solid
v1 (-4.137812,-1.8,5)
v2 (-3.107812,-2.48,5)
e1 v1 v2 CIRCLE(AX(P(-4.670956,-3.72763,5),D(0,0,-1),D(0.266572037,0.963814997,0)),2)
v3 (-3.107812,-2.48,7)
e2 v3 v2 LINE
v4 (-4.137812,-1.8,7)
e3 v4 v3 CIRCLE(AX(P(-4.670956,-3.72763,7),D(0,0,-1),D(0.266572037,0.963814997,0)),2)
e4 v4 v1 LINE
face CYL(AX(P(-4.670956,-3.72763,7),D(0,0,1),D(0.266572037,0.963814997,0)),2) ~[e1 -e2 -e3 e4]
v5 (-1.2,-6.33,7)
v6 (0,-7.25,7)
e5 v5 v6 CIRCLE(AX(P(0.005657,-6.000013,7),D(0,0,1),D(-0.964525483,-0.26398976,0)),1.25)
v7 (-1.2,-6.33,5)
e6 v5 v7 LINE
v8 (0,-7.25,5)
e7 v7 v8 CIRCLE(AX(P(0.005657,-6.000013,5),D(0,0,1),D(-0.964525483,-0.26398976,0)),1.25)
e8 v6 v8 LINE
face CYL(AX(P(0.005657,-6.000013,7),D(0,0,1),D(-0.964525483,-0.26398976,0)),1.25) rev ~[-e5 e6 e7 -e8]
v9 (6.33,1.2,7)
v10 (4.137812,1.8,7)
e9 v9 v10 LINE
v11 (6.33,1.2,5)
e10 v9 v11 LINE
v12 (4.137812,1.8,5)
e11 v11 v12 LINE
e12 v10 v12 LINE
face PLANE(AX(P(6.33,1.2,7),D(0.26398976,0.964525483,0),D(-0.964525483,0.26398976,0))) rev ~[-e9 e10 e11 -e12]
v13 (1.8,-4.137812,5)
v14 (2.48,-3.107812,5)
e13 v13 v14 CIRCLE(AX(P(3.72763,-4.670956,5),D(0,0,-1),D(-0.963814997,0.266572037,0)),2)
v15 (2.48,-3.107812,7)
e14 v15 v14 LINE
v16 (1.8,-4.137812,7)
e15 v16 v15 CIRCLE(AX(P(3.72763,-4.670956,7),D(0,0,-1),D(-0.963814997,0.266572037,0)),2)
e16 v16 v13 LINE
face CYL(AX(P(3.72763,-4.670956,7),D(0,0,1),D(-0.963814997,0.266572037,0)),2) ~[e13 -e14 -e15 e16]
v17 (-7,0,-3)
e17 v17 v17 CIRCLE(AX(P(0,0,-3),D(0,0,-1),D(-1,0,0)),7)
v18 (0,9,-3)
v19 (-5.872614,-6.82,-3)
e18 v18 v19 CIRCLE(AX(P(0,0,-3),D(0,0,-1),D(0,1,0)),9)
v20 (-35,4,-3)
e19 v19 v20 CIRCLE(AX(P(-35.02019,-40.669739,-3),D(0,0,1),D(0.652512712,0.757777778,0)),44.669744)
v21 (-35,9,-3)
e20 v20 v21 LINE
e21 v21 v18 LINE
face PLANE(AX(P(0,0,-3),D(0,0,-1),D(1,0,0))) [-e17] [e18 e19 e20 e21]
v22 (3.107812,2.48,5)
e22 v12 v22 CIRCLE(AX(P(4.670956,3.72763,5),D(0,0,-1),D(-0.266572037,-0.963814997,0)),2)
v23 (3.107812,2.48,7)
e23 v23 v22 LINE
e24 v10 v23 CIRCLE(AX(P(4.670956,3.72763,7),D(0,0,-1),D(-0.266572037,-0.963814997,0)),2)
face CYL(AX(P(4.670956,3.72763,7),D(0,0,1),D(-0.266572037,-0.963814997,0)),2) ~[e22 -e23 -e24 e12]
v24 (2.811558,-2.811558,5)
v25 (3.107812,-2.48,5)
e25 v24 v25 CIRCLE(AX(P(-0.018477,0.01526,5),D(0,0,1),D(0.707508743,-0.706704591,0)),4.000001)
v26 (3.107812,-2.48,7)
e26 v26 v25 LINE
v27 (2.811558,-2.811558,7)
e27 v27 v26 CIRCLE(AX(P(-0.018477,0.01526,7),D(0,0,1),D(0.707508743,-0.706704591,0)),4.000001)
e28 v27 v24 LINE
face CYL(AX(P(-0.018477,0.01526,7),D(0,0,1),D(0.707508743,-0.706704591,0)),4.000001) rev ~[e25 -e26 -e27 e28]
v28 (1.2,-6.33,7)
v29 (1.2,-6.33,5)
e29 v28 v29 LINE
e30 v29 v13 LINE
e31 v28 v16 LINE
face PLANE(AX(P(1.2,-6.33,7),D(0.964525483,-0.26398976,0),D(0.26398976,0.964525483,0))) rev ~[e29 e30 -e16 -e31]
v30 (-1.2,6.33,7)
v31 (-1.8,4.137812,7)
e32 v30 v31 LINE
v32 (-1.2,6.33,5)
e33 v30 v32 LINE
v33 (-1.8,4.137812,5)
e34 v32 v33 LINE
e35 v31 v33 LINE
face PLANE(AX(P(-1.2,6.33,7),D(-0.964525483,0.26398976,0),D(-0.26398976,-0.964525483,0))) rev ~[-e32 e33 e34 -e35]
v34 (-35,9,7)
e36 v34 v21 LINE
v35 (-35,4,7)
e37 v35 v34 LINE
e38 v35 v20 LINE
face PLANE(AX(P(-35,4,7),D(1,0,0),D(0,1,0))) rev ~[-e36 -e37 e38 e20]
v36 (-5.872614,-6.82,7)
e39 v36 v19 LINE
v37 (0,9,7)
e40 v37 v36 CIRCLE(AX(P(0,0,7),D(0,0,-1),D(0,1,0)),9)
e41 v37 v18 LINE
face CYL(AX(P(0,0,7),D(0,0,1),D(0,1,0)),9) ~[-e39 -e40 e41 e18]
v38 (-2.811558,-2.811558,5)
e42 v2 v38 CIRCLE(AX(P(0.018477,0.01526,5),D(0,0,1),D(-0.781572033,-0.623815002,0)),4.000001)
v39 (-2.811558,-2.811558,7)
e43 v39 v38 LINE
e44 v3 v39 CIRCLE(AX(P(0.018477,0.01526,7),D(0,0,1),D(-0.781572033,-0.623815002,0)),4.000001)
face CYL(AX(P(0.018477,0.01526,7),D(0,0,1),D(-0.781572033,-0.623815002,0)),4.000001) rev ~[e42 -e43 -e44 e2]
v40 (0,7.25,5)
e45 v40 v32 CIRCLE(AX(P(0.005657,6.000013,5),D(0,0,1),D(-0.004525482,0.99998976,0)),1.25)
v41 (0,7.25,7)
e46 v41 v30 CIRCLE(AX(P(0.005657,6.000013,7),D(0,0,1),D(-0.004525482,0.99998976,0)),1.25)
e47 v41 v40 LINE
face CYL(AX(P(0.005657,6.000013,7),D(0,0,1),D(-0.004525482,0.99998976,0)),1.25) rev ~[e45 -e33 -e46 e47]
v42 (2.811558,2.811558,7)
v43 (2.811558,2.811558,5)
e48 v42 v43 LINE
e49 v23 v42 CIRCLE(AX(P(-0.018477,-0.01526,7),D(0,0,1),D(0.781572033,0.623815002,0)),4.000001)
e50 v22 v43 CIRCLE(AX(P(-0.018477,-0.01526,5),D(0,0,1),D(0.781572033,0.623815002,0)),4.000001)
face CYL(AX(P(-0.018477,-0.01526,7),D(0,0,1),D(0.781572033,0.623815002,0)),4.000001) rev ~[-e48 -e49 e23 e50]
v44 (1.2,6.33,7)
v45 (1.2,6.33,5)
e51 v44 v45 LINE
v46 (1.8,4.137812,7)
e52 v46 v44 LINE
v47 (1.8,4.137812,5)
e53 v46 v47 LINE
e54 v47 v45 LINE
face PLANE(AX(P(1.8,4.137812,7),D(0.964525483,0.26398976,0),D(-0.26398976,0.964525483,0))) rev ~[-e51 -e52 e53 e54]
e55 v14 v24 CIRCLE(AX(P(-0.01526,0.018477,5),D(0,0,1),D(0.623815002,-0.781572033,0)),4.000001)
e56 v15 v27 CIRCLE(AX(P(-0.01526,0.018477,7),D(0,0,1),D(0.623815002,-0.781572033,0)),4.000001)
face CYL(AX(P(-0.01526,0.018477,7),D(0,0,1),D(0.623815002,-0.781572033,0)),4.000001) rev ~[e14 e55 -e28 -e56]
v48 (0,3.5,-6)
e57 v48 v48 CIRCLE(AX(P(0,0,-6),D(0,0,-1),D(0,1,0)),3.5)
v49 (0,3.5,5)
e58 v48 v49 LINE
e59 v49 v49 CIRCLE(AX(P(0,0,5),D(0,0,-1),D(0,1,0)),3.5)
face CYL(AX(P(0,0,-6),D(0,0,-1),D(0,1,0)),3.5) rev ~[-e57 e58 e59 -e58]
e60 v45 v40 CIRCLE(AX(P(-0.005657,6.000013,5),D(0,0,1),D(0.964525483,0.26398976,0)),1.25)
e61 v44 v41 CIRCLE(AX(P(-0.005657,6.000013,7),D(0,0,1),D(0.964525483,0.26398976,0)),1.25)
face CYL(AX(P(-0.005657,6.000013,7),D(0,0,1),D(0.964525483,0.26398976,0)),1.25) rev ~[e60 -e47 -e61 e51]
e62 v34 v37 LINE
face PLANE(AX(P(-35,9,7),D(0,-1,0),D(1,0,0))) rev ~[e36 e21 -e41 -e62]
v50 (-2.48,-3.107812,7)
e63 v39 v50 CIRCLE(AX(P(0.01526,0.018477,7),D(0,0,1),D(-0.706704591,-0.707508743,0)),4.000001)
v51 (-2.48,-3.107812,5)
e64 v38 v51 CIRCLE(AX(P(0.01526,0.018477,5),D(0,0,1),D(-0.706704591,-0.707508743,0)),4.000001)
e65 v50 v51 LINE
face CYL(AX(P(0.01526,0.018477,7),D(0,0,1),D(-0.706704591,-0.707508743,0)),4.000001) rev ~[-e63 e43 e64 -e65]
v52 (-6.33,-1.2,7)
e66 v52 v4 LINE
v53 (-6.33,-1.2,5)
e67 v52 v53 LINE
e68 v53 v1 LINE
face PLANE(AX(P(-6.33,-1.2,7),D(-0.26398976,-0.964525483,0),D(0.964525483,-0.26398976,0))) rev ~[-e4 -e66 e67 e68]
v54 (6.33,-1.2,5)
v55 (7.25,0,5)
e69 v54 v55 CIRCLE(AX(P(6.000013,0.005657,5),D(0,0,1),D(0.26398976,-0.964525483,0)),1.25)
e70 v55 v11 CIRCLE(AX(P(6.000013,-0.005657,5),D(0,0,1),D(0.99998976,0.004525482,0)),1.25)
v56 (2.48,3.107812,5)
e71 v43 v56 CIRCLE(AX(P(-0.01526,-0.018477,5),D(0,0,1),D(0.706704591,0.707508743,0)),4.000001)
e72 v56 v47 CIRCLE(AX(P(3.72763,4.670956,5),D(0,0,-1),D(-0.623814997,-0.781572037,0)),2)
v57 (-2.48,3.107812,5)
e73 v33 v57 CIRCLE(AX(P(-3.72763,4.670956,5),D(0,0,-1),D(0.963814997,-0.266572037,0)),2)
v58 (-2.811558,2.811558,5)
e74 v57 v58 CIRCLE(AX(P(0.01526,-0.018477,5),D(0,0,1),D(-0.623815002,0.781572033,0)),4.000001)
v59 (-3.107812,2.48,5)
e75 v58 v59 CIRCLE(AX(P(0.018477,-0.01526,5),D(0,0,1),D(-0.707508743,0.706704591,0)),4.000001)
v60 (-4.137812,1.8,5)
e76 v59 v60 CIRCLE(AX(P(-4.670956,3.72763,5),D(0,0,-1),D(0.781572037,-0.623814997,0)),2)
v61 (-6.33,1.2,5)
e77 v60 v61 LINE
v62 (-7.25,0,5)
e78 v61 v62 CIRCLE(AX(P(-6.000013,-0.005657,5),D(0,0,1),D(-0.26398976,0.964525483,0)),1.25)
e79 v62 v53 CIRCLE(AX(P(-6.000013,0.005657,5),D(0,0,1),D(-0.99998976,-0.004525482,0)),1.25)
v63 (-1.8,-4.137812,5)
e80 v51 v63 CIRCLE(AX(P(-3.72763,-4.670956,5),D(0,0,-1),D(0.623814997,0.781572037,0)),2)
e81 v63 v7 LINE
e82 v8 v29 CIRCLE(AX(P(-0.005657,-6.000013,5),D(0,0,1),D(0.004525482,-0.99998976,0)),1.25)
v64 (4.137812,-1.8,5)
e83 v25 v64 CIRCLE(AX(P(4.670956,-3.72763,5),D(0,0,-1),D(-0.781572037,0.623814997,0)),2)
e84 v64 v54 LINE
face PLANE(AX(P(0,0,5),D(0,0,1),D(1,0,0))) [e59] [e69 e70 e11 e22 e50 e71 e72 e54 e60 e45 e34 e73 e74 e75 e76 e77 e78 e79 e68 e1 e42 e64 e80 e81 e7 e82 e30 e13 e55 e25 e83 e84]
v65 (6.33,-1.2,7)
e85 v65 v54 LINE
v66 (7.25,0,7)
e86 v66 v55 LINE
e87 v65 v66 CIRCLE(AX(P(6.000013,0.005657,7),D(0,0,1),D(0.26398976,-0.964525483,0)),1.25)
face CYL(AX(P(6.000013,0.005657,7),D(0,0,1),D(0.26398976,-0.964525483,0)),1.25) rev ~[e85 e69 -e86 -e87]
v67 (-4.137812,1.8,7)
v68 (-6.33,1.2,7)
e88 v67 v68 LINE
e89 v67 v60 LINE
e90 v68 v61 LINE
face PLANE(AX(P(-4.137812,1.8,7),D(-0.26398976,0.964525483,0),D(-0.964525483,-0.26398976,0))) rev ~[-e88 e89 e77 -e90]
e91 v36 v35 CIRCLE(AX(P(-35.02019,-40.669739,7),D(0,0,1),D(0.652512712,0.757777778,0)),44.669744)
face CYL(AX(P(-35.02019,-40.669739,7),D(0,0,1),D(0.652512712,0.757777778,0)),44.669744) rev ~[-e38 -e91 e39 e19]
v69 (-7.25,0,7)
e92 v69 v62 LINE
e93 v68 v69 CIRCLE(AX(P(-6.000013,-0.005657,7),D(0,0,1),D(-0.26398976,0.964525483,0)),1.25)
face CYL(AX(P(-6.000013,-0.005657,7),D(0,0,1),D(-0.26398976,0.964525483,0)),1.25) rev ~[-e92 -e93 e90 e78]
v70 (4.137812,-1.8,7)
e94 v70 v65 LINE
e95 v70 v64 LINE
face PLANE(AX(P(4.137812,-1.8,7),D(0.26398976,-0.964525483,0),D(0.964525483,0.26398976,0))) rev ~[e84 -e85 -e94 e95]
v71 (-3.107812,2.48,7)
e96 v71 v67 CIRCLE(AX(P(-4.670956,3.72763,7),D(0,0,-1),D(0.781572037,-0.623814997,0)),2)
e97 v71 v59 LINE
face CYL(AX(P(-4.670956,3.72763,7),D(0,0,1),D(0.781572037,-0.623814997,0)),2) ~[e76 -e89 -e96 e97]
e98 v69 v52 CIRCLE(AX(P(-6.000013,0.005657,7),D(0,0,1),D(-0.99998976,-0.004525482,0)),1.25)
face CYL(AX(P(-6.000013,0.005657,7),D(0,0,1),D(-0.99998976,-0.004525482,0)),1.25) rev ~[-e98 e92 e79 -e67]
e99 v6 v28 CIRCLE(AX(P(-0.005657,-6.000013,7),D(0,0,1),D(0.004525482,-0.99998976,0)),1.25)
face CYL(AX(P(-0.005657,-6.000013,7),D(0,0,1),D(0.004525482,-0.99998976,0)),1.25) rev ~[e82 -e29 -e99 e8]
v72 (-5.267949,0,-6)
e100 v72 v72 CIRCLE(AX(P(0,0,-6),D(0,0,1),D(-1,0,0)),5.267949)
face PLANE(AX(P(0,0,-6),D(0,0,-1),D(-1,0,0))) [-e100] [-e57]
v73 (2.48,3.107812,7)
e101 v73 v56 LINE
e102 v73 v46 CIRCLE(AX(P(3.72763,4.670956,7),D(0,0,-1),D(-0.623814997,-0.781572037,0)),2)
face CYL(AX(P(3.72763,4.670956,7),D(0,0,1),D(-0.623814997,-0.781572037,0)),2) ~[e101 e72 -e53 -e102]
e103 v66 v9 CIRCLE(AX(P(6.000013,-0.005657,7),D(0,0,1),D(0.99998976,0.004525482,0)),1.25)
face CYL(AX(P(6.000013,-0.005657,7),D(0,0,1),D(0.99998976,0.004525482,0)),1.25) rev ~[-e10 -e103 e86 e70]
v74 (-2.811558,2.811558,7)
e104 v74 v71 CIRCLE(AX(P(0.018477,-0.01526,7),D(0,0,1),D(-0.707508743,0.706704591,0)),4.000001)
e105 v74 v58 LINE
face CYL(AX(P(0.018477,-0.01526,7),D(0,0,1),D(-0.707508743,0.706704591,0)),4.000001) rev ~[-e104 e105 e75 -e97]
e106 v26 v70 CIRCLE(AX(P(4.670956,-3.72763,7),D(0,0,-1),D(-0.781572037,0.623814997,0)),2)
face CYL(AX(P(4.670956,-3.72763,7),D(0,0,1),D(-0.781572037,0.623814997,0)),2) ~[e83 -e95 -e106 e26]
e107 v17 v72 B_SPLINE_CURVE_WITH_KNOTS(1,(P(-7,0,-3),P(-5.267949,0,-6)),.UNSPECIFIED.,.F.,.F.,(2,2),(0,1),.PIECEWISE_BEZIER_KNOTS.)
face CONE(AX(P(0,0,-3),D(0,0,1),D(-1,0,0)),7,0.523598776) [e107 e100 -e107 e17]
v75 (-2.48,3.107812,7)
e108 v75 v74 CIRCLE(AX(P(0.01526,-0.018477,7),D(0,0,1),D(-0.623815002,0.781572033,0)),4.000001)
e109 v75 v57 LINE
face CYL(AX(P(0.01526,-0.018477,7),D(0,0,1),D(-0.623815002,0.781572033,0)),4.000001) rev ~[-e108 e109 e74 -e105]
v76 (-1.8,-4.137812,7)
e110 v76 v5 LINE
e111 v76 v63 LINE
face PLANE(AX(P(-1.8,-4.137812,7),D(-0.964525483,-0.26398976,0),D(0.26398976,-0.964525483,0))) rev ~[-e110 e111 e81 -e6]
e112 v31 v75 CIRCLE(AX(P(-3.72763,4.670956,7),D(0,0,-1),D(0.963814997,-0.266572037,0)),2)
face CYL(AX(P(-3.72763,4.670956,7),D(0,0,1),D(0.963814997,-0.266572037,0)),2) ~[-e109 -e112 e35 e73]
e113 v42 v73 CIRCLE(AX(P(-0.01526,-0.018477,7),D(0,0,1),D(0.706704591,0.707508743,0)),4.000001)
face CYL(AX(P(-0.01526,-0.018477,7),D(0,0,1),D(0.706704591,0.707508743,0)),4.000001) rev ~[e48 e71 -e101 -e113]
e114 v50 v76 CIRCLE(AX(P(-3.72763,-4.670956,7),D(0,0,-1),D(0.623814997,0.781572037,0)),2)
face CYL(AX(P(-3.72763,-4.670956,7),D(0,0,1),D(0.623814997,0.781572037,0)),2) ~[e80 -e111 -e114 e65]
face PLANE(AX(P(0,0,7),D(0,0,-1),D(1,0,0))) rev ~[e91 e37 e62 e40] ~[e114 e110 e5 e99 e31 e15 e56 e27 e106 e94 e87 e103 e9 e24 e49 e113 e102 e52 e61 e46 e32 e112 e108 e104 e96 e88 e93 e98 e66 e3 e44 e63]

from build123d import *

# Parameters (mm, degrees)
SKETCH1_R             = 9
BOSS_EXTRUDE1_DEPTH   = 10
BODY_MOVE_COPY1_ANGLE = 180
CUT_EXTRUDE5_DEPTH    = 2
SKETCH19_R            = 7
BOSS_EXTRUDE12_DEPTH  = 3
BOSS_EXTRUDE12_TAPER  = 30
SKETCH20_R            = 3.5
CUT_EXTRUDE6_DEPTH    = 39.405728739


with BuildPart() as part:
    # Sketch1 → Boss-Extrude1 (new body)
    with BuildSketch(Plane.XY):
        Circle(SKETCH1_R)
        with BuildLine():
            Line((-35, -9), (0, -9))
            ThreePointArc((0, -9), (-8.437416666, -3.132091953), (-5.872614409, 6.82))
            ThreePointArc((-5.872614409, 6.82), (-19.465199243, -1.204217751), (-35, -4))
            Line((-35, -4), (-35, -9))
        make_face()
    extrude(amount=BOSS_EXTRUDE1_DEPTH)


with BuildPart() as part_1:
    # Body-Move/Copy1: moved
    add(part.part.rotate(Axis((0, 0, 3.5), (1, 0, 0)), BODY_MOVE_COPY1_ANGLE))

    # Sketch18 → Cut-Extrude5 (cut)
    with BuildSketch(Plane.XY.offset(7)):
        with BuildLine():
            Line((1.2, -6.33), (1.8, -4.1378116))
            ThreePointArc((1.8, -4.1378116), (2.058560194, -3.569045514), (2.48, -3.1078116))
            ThreePointArc((2.48, -3.1078116), (2.64989874, -2.964295475), (2.811558399, -2.811558399))
            ThreePointArc((2.811558399, -2.811558399), (2.964295475, -2.64989874), (3.1078116, -2.48))
            ThreePointArc((3.1078116, -2.48), (3.569045514, -2.058560194), (4.1378116, -1.8))
            Line((4.1378116, -1.8), (6.33, -1.2))
            ThreePointArc((6.33, -1.2), (6.992020752, -0.754882576), (7.25, 0))
            ThreePointArc((7.25, 0), (6.992020752, 0.754882576), (6.33, 1.2))
            Line((6.33, 1.2), (4.1378116, 1.8))
            ThreePointArc((4.1378116, 1.8), (3.569045514, 2.058560194), (3.1078116, 2.48))
            ThreePointArc((3.1078116, 2.48), (2.964295475, 2.64989874), (2.811558399, 2.811558399))
            ThreePointArc((2.811558399, 2.811558399), (2.64989874, 2.964295475), (2.48, 3.1078116))
            ThreePointArc((2.48, 3.1078116), (2.058560194, 3.569045514), (1.8, 4.1378116))
            Line((1.8, 4.1378116), (1.2, 6.33))
            ThreePointArc((1.2, 6.33), (0.754882576, 6.992020752), (0, 7.25))
            ThreePointArc((0, 7.25), (-0.754882576, 6.992020752), (-1.2, 6.33))
            Line((-1.2, 6.33), (-1.8, 4.1378116))
            ThreePointArc((-1.8, 4.1378116), (-2.058560194, 3.569045514), (-2.48, 3.1078116))
            ThreePointArc((-2.48, 3.1078116), (-2.64989874, 2.964295475), (-2.811558399, 2.811558399))
            ThreePointArc((-2.811558399, 2.811558399), (-2.964295475, 2.64989874), (-3.1078116, 2.48))
            ThreePointArc((-3.1078116, 2.48), (-3.569045514, 2.058560194), (-4.1378116, 1.8))
            Line((-4.1378116, 1.8), (-6.33, 1.2))
            ThreePointArc((-6.33, 1.2), (-6.992020752, 0.754882576), (-7.25, 0))
            ThreePointArc((-7.25, 0), (-6.992020752, -0.754882576), (-6.33, -1.2))
            Line((-6.33, -1.2), (-4.1378116, -1.8))
            ThreePointArc((-4.1378116, -1.8), (-3.569045514, -2.058560194), (-3.1078116, -2.48))
            ThreePointArc((-3.1078116, -2.48), (-2.964295475, -2.64989874), (-2.811558399, -2.811558399))
            ThreePointArc((-2.811558399, -2.811558399), (-2.64989874, -2.964295475), (-2.48, -3.1078116))
            ThreePointArc((-2.48, -3.1078116), (-2.058560194, -3.569045514), (-1.8, -4.1378116))
            Line((-1.8, -4.1378116), (-1.2, -6.33))
            ThreePointArc((-1.2, -6.33), (-0.754882576, -6.992020752), (0, -7.25))
            ThreePointArc((0, -7.25), (0.754882576, -6.992020752), (1.2, -6.33))
        make_face()
    extrude(amount=-CUT_EXTRUDE5_DEPTH, mode=Mode.SUBTRACT)

    # Sketch19 → Boss-Extrude12 (add)
    with BuildSketch(Plane(origin=(0, 0, -3), x_dir=(-1, 0, 0), z_dir=(0, 0, -1))):
        Circle(SKETCH19_R)
    extrude(amount=BOSS_EXTRUDE12_DEPTH, taper=BOSS_EXTRUDE12_TAPER)

    # Sketch20 → Cut-Extrude6 (cut, through all)
    with BuildSketch(Plane(origin=(0, 0, -6), x_dir=(-1, 0, 0), z_dir=(0, 0, -1))):
        with Locations(Location((0, 0, 0), (0, 0, 90))):
            Circle(SKETCH20_R)
    extrude(amount=-CUT_EXTRUDE6_DEPTH, mode=Mode.SUBTRACT)


solid = part_1.part
